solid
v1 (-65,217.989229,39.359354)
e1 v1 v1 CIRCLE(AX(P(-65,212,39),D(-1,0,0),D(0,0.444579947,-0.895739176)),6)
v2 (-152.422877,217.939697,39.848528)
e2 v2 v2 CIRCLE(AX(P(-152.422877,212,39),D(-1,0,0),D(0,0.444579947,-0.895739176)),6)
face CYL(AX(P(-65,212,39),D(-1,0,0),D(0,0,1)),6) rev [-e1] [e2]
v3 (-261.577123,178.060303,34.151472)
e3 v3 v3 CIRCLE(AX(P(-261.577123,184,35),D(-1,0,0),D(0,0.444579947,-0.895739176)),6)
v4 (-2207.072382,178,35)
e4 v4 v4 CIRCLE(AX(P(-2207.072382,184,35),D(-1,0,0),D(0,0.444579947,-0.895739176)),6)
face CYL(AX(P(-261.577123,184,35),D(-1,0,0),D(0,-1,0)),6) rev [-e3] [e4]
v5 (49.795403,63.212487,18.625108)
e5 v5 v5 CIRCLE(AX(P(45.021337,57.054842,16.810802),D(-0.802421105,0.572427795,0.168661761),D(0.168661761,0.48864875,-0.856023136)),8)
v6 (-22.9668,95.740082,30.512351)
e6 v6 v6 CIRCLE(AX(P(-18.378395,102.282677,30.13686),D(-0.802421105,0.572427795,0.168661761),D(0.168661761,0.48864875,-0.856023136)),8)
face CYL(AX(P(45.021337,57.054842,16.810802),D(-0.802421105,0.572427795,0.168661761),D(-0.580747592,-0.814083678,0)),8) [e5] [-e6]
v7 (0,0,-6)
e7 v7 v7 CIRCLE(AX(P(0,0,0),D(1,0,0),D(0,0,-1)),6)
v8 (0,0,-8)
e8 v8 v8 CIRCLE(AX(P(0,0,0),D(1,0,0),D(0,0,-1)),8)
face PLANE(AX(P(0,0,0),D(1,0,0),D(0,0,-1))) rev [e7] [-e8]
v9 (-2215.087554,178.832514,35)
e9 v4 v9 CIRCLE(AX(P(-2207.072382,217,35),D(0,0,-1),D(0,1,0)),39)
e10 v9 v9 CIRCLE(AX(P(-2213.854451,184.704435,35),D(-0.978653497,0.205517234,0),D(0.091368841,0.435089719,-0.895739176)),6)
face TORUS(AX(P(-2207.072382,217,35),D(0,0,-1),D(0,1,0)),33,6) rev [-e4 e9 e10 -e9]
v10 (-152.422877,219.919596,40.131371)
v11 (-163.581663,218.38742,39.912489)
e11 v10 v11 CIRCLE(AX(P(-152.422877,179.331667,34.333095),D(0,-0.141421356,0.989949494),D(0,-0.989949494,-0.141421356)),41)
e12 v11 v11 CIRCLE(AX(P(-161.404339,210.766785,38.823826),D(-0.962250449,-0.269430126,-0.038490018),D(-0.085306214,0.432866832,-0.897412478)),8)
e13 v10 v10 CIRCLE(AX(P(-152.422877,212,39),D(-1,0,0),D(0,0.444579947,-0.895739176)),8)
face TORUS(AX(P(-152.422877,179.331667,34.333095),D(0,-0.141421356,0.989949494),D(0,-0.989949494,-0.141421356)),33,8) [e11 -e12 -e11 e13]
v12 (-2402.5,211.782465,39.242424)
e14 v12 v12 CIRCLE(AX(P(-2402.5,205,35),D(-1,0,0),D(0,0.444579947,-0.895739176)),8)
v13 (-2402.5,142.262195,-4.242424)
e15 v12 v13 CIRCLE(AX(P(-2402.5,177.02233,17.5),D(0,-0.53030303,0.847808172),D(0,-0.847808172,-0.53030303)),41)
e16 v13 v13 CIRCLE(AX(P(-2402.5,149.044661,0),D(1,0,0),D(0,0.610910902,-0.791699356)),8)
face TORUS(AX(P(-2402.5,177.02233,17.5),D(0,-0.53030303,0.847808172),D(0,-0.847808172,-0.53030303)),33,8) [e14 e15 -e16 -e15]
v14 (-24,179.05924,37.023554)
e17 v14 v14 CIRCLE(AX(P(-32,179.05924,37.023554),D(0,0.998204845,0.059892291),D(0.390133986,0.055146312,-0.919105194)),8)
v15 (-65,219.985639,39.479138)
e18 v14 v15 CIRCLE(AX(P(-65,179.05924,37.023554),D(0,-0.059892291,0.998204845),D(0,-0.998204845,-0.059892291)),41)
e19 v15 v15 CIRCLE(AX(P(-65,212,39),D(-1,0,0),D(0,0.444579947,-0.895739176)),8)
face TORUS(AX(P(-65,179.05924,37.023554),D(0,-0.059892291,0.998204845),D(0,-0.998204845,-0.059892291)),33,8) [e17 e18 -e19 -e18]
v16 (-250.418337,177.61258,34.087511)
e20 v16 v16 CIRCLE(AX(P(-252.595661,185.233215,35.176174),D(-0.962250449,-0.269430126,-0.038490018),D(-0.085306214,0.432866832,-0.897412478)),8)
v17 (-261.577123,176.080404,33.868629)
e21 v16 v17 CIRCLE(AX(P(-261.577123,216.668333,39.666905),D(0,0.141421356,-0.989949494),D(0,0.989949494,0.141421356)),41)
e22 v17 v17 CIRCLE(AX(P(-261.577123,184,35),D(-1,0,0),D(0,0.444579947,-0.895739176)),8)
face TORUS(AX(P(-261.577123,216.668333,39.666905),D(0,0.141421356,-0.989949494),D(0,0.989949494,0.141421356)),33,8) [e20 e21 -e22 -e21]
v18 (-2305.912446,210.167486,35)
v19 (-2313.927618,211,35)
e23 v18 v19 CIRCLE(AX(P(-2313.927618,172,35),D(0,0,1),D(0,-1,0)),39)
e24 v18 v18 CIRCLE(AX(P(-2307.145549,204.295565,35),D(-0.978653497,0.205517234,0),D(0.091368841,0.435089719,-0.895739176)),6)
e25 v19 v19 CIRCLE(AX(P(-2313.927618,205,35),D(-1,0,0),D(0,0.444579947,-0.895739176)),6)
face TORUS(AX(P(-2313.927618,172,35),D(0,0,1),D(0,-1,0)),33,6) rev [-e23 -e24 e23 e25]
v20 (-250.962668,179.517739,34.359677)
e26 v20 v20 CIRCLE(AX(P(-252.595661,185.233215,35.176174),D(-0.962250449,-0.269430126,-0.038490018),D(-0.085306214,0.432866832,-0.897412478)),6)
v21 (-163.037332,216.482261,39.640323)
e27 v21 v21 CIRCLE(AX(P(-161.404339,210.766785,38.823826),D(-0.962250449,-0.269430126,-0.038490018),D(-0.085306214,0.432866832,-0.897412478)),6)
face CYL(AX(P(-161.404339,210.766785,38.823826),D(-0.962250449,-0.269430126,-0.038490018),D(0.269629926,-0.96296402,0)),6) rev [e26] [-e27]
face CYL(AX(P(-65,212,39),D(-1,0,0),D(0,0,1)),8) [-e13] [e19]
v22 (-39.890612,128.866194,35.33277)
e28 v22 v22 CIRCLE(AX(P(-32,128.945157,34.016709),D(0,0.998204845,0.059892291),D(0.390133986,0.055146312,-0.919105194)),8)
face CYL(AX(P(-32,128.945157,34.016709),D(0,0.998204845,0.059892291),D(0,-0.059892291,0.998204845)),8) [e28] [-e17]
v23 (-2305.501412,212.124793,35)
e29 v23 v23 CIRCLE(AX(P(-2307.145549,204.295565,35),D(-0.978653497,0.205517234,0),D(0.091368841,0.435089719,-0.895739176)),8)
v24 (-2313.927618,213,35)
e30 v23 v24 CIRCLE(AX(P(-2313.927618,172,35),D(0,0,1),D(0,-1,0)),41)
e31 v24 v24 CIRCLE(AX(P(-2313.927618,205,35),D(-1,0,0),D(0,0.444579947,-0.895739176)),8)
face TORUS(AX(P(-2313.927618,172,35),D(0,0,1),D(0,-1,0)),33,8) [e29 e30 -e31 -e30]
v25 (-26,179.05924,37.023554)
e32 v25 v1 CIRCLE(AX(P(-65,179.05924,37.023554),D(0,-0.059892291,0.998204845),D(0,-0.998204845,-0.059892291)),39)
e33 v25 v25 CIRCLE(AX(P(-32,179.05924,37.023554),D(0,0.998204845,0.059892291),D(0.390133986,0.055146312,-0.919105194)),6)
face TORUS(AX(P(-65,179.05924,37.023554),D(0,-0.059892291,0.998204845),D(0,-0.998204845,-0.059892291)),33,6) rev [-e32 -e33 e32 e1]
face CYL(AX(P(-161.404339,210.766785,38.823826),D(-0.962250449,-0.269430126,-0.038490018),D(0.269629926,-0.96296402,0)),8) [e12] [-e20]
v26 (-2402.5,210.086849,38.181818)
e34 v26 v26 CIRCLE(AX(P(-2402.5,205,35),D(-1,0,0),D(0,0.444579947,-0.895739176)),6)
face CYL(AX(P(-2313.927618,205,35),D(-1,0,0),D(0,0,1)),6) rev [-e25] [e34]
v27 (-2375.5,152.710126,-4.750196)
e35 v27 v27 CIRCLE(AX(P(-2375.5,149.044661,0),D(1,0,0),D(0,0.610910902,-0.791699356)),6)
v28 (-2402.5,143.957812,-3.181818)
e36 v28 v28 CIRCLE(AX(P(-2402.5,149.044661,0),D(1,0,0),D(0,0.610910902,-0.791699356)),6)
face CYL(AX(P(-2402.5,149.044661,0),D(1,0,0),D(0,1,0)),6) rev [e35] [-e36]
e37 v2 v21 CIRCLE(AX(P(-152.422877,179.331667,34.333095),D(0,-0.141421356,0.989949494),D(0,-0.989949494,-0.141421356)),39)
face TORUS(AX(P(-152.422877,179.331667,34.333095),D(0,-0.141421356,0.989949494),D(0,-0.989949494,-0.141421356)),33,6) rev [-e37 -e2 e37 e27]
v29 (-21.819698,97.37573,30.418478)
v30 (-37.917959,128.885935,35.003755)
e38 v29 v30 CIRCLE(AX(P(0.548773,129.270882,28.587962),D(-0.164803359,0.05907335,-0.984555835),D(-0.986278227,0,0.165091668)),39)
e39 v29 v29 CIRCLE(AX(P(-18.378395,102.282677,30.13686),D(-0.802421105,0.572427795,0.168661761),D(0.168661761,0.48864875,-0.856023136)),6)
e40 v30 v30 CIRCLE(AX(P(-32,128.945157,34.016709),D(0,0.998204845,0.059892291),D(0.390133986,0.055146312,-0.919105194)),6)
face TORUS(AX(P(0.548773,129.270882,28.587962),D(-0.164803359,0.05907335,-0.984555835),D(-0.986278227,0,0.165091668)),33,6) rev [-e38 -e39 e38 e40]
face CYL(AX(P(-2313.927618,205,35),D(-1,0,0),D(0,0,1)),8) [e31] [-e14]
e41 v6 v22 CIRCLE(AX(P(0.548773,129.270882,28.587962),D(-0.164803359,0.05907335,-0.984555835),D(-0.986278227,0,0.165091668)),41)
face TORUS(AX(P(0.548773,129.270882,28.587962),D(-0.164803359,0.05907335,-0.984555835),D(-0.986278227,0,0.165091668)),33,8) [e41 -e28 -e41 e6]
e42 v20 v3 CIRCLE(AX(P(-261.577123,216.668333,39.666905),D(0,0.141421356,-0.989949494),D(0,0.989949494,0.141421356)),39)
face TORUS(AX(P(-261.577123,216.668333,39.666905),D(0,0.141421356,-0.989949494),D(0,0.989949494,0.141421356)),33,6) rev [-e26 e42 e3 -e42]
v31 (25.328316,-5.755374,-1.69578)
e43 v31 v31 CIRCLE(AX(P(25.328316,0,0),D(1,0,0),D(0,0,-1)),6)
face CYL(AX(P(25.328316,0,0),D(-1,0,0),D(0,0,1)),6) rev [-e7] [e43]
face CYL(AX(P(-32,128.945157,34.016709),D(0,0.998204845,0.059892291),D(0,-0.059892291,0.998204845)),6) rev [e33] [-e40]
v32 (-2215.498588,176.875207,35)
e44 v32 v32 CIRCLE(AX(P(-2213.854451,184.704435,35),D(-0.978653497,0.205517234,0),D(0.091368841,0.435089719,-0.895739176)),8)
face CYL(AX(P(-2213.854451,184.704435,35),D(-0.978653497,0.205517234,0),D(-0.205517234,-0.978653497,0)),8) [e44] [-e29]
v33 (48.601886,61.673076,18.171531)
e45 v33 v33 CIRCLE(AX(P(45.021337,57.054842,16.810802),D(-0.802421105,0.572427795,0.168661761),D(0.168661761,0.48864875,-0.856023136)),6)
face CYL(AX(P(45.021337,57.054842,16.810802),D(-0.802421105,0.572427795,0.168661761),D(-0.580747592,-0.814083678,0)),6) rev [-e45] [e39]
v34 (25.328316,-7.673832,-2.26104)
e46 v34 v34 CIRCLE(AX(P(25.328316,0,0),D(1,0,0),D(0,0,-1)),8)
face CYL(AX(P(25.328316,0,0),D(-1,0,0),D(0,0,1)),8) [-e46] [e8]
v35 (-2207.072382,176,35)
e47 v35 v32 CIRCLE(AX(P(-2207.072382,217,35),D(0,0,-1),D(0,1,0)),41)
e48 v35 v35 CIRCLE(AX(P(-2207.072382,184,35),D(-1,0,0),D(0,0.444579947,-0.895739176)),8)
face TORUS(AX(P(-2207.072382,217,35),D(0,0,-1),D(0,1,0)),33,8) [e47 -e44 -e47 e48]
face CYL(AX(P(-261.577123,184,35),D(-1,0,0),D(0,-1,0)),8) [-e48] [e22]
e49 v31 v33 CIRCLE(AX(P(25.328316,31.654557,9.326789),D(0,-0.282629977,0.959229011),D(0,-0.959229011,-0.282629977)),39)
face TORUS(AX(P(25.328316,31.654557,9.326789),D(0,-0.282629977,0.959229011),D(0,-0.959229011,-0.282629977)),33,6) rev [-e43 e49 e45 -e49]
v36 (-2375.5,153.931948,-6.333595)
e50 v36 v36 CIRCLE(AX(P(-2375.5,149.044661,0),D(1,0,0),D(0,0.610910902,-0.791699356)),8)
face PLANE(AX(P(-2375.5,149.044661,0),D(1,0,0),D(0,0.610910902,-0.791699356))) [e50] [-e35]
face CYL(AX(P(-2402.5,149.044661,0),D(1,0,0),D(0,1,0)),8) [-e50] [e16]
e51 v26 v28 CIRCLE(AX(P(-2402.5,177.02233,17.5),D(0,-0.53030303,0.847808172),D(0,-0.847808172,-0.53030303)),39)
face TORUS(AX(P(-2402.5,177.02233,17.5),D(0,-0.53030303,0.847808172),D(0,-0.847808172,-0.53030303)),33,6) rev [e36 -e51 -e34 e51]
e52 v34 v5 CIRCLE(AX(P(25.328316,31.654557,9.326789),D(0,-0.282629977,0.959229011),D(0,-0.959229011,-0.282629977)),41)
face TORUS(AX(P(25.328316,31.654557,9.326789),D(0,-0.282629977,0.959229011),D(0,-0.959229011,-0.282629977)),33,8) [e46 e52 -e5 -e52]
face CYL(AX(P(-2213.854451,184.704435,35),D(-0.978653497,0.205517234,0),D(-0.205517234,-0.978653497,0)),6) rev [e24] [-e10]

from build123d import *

# Parameters (mm, degrees)
SKETCH1_R   = 8
SKETCH1_R_2 = 6


with BuildPart() as part:
    # Sweep1: sweep along a curve in space
    with BuildLine() as sweep1_path:
        Line((0, 0, 0), (25.328315974, 0, 0))
        ThreePointArc((25.328315974, 0, 0), (56.655912303, 21.705280356, 6.395305819), (45.021337144, 57.054842292, 16.810801747))
        Line((-18.378395213, 102.28267684, 30.13686014), (45.021337144, 57.054842292, 16.810801747))
        ThreePointArc((-18.378395213, 102.28267684, 30.13686014), (-28.394954518, 113.912892898, 32.511330292), (-32, 128.945157365, 34.016709442))
        Line((-32, 128.945157365, 34.016709442), (-32, 179.0592401, 37.023554406))
        ThreePointArc((-32, 179.0592401, 37.023554406), (-41.665476221, 202.351874803, 38.421112488), (-65, 212, 39))
        Line((-65, 212, 39), (-152.422876628, 212, 39))
        ThreePointArc((-152.422876628, 212, 39), (-156.956598136, 211.690227584, 38.955746798), (-161.404339018, 210.766785075, 38.823826439))
        Line((-252.595660982, 185.233214925, 35.176173561), (-161.404339018, 210.766785075, 38.823826439))
        ThreePointArc((-252.595660982, 185.233214925, 35.176173561), (-257.043401864, 184.309772416, 35.044253202), (-261.577123372, 184, 35))
        Line((-261.577123372, 184, 35), (-2207.072381803, 184, 35))
        ThreePointArc((-2213.854450534, 184.704434612, 35), (-2210.481659013, 184.176581091, 35), (-2207.072381803, 184, 35))
        Line((-2307.145549466, 204.295565388, 35), (-2213.854450534, 184.704434612, 35))
        ThreePointArc((-2313.927618197, 205, 35), (-2310.518340987, 204.823418909, 35), (-2307.145549466, 204.295565388, 35))
        Line((-2402.5, 205, 35), (-2313.927618197, 205, 35))
        ThreePointArc((-2402.5, 205, 35), (-2435.5, 177.022330333, 17.5), (-2402.5, 149.044660666, 0))
        Line((-2402.5, 149.044660666, 0), (-2375.5, 149.044660666, 0))
    # Sketch1 → Sweep1 (sweep)
    with BuildSketch(Plane(origin=(0, 0, 0), x_dir=(0, 0, -1), z_dir=(1, 0, 0))):
        Circle(SKETCH1_R)
        Circle(SKETCH1_R_2, mode=Mode.SUBTRACT)
    sweep(path=sweep1_path.line)


solid = part.part
